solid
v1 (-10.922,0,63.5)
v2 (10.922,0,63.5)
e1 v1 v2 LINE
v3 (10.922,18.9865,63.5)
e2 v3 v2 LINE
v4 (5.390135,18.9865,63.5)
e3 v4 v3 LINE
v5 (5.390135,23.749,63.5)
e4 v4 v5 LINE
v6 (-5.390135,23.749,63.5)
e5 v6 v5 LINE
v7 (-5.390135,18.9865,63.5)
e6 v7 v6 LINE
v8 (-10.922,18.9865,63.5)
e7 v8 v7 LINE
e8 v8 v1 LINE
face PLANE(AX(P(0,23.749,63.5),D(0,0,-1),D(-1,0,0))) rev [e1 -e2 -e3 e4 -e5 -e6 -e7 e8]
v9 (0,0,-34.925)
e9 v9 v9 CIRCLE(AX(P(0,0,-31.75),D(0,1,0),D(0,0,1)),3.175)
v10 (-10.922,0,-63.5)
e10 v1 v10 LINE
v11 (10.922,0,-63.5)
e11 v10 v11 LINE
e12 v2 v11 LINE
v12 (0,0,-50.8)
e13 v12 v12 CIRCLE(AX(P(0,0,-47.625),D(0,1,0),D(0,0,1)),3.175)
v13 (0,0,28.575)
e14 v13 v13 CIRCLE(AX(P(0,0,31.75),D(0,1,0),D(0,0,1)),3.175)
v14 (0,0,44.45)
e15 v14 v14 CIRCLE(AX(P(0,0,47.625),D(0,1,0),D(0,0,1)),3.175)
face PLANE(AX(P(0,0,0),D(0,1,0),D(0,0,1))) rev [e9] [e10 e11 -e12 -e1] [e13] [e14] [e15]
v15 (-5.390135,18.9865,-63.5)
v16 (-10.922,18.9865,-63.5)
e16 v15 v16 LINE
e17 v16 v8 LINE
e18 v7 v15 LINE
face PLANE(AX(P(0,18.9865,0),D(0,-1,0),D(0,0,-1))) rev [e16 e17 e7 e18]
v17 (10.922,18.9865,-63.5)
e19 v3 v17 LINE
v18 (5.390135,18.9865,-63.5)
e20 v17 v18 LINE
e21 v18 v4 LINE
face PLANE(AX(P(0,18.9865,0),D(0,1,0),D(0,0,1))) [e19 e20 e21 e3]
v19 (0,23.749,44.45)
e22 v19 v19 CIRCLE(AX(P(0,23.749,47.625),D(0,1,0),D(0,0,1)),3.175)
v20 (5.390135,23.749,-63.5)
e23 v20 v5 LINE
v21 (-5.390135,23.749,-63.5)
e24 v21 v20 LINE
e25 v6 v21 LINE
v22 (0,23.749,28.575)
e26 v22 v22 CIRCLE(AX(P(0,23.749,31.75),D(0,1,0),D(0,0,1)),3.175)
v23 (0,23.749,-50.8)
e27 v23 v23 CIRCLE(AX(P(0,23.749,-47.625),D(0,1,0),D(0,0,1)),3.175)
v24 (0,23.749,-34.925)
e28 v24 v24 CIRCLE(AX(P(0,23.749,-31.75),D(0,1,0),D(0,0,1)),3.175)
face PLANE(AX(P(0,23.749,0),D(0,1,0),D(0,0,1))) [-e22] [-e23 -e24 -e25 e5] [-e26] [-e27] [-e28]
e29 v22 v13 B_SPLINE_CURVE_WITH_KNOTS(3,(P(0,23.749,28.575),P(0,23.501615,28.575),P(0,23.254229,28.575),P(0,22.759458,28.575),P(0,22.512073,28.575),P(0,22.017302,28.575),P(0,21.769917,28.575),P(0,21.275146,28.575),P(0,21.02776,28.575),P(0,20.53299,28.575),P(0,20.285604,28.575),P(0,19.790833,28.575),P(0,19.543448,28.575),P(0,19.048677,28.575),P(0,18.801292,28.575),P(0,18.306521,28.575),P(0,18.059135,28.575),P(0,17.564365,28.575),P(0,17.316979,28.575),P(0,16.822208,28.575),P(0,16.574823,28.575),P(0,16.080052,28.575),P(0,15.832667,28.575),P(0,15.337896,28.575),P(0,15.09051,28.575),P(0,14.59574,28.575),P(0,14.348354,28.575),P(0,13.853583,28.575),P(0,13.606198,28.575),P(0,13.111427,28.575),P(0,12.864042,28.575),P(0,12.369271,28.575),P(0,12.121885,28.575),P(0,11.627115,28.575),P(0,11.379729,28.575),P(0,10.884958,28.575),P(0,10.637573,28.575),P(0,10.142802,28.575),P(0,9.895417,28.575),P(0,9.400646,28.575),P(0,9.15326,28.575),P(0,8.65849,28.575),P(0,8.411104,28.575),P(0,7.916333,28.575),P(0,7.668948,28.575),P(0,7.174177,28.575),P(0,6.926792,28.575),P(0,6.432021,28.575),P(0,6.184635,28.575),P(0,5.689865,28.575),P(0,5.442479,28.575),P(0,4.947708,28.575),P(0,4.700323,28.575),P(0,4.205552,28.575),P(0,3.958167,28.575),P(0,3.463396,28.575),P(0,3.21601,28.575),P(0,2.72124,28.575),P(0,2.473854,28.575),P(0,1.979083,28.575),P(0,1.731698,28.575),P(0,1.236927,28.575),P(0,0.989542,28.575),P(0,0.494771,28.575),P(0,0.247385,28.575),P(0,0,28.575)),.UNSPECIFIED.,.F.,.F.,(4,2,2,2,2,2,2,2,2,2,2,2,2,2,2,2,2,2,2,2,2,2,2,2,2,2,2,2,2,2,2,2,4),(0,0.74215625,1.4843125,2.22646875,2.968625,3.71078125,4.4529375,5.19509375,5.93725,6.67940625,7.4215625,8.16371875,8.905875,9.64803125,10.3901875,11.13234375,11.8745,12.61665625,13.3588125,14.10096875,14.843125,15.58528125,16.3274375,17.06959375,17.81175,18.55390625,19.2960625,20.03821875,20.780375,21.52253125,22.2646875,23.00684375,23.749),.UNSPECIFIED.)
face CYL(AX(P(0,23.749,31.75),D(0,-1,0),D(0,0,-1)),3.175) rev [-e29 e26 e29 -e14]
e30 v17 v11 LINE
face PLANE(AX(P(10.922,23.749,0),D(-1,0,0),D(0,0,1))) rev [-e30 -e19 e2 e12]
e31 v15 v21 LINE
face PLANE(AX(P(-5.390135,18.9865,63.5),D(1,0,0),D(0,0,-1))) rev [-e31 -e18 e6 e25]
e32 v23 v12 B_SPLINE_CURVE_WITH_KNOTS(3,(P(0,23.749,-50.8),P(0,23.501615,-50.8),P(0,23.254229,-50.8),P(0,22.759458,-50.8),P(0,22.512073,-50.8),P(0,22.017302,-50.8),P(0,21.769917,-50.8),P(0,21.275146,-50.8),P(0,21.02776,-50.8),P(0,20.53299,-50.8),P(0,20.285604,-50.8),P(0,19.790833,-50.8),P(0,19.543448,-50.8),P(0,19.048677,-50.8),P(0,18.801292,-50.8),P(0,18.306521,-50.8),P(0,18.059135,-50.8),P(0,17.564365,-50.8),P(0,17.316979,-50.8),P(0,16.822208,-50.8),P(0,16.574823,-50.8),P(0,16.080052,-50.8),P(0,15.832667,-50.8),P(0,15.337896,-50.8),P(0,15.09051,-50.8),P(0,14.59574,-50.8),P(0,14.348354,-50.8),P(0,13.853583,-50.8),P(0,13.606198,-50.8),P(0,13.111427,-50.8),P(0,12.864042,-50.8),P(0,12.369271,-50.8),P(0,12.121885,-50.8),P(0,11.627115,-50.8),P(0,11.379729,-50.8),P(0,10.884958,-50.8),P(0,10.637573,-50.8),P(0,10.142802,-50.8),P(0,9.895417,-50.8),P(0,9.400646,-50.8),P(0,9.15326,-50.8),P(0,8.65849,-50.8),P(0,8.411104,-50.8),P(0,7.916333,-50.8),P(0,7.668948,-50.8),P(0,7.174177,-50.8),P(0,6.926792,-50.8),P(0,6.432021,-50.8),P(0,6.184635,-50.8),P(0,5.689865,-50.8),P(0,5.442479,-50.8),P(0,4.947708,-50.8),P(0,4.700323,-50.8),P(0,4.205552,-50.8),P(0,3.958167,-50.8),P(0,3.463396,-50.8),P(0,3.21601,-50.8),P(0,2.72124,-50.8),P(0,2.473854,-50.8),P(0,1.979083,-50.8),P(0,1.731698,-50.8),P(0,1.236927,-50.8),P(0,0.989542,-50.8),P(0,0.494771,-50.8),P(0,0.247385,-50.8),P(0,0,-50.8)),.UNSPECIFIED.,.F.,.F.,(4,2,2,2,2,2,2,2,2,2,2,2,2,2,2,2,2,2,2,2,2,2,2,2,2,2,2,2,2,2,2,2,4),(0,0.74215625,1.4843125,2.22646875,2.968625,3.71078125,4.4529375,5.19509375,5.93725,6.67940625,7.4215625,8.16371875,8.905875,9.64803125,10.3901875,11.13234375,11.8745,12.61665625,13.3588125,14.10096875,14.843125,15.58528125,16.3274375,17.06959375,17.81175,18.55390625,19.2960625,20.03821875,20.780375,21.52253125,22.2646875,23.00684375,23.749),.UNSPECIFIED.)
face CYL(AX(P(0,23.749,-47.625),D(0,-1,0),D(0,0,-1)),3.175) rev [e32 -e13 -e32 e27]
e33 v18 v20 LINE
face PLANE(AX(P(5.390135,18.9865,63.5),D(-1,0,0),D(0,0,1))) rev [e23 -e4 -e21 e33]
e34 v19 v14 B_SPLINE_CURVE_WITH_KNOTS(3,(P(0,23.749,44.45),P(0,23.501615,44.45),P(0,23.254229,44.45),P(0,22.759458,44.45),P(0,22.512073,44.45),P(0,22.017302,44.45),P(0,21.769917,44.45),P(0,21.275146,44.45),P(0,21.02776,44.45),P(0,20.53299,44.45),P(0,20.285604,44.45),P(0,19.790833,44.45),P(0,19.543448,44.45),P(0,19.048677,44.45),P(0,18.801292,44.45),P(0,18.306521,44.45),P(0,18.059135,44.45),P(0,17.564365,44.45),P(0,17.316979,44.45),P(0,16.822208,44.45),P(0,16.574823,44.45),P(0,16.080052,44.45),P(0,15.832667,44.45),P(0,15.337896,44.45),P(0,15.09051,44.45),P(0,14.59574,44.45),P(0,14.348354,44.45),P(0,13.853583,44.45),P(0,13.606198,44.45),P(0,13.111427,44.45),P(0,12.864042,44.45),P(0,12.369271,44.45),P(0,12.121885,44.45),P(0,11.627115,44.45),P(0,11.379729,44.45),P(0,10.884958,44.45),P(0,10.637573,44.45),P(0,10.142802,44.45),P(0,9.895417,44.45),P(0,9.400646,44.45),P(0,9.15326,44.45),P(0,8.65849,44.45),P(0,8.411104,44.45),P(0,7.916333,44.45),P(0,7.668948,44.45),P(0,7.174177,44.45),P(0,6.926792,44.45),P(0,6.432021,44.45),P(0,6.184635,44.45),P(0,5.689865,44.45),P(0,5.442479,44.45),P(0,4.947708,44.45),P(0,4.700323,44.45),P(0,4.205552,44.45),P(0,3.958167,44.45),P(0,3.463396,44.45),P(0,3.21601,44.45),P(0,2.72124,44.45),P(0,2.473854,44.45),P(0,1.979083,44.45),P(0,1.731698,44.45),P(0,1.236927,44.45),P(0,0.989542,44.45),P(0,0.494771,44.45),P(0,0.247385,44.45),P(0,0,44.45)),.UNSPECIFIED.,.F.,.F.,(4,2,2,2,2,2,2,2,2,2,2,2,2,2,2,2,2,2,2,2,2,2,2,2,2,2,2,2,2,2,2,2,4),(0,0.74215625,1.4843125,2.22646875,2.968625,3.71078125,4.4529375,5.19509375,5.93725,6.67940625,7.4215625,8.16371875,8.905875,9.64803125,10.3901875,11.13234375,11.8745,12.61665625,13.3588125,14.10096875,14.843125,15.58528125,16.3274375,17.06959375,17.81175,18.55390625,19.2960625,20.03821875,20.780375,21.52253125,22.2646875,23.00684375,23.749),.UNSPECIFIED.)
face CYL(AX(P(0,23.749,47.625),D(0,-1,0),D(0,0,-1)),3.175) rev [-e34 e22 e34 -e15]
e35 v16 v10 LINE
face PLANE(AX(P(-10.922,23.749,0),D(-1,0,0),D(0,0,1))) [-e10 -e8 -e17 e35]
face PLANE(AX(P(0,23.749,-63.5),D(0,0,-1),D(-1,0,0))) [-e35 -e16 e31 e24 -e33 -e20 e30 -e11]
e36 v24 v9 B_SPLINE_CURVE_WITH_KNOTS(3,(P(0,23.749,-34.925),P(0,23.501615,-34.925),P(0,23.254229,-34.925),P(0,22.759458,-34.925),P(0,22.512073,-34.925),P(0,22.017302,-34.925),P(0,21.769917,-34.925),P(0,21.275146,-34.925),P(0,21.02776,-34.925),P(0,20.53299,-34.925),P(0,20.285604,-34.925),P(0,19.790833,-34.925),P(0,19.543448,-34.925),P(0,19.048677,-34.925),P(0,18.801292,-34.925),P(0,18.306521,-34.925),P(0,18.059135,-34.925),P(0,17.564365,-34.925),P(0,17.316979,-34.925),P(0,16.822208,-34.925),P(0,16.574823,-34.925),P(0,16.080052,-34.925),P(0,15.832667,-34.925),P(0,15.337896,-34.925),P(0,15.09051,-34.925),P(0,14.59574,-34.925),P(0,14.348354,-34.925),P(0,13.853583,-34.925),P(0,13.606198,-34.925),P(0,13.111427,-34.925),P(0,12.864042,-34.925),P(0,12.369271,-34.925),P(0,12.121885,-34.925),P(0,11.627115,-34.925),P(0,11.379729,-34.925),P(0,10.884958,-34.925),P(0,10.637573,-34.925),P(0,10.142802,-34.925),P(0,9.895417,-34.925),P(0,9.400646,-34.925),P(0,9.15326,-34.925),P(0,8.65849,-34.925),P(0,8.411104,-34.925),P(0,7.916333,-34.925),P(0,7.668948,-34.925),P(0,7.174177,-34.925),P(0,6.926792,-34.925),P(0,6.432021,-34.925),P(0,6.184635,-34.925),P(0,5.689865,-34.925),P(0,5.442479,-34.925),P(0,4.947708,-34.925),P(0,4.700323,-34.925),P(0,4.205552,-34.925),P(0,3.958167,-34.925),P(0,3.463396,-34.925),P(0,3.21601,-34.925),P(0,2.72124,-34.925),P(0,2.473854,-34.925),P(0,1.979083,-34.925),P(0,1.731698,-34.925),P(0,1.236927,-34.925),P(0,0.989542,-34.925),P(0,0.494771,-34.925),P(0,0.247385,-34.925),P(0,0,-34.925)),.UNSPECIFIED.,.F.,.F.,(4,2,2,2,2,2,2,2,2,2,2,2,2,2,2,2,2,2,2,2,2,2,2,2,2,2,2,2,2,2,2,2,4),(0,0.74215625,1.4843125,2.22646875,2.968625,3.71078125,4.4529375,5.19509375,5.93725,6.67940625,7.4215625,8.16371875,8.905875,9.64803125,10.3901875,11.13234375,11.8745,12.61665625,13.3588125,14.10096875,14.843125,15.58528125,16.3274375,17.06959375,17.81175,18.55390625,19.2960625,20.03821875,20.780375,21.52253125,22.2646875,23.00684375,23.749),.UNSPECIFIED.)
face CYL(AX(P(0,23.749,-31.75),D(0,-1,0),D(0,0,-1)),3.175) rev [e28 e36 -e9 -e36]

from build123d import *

# Parameters (mm, degrees)
SKETCH1_W           = 21.844
SKETCH1_H           = 127
SKETCH1_R           = 3.175
BOSS_EXTRUDE1_DEPTH = 23.749
SKETCH3_W           = 5.531865031
SKETCH3_H           = 127
CUT_EXTRUDE2_DEPTH  = 4.7625


with BuildPart() as part:
    # Sketch1 → Boss-Extrude1 (new body)
    with BuildSketch(Plane(origin=(0, 0, 0), x_dir=(1, 0, 0), z_dir=(0, 1, 0))):
        Rectangle(SKETCH1_W, SKETCH1_H)
        with Locations(Location((0, 31.75, 0), (0, 0, 90))):
            Circle(SKETCH1_R, mode=Mode.SUBTRACT)
        with Locations(Location((0, 47.625, 0), (0, 0, 90))):
            Circle(SKETCH1_R, mode=Mode.SUBTRACT)
        with Locations(Location((0, -31.75, 0), (0, 0, 90))):
            Circle(SKETCH1_R, mode=Mode.SUBTRACT)
        with Locations(Location((0, -47.625, 0), (0, 0, 90))):
            Circle(SKETCH1_R, mode=Mode.SUBTRACT)
    extrude(amount=BOSS_EXTRUDE1_DEPTH)

    # Sketch3 → Cut-Extrude2 (cut)
    with BuildSketch(Plane(origin=(0, 23.749, 0), x_dir=(1, 0, 0), z_dir=(0, 1, 0))):
        with Locations((-8.156067484, 0)):
            Rectangle(SKETCH3_W, SKETCH3_H)
        with Locations((8.156067484, 0)):
            Rectangle(SKETCH3_W, SKETCH3_H)
    extrude(amount=-CUT_EXTRUDE2_DEPTH, mode=Mode.SUBTRACT)


solid = part.part
